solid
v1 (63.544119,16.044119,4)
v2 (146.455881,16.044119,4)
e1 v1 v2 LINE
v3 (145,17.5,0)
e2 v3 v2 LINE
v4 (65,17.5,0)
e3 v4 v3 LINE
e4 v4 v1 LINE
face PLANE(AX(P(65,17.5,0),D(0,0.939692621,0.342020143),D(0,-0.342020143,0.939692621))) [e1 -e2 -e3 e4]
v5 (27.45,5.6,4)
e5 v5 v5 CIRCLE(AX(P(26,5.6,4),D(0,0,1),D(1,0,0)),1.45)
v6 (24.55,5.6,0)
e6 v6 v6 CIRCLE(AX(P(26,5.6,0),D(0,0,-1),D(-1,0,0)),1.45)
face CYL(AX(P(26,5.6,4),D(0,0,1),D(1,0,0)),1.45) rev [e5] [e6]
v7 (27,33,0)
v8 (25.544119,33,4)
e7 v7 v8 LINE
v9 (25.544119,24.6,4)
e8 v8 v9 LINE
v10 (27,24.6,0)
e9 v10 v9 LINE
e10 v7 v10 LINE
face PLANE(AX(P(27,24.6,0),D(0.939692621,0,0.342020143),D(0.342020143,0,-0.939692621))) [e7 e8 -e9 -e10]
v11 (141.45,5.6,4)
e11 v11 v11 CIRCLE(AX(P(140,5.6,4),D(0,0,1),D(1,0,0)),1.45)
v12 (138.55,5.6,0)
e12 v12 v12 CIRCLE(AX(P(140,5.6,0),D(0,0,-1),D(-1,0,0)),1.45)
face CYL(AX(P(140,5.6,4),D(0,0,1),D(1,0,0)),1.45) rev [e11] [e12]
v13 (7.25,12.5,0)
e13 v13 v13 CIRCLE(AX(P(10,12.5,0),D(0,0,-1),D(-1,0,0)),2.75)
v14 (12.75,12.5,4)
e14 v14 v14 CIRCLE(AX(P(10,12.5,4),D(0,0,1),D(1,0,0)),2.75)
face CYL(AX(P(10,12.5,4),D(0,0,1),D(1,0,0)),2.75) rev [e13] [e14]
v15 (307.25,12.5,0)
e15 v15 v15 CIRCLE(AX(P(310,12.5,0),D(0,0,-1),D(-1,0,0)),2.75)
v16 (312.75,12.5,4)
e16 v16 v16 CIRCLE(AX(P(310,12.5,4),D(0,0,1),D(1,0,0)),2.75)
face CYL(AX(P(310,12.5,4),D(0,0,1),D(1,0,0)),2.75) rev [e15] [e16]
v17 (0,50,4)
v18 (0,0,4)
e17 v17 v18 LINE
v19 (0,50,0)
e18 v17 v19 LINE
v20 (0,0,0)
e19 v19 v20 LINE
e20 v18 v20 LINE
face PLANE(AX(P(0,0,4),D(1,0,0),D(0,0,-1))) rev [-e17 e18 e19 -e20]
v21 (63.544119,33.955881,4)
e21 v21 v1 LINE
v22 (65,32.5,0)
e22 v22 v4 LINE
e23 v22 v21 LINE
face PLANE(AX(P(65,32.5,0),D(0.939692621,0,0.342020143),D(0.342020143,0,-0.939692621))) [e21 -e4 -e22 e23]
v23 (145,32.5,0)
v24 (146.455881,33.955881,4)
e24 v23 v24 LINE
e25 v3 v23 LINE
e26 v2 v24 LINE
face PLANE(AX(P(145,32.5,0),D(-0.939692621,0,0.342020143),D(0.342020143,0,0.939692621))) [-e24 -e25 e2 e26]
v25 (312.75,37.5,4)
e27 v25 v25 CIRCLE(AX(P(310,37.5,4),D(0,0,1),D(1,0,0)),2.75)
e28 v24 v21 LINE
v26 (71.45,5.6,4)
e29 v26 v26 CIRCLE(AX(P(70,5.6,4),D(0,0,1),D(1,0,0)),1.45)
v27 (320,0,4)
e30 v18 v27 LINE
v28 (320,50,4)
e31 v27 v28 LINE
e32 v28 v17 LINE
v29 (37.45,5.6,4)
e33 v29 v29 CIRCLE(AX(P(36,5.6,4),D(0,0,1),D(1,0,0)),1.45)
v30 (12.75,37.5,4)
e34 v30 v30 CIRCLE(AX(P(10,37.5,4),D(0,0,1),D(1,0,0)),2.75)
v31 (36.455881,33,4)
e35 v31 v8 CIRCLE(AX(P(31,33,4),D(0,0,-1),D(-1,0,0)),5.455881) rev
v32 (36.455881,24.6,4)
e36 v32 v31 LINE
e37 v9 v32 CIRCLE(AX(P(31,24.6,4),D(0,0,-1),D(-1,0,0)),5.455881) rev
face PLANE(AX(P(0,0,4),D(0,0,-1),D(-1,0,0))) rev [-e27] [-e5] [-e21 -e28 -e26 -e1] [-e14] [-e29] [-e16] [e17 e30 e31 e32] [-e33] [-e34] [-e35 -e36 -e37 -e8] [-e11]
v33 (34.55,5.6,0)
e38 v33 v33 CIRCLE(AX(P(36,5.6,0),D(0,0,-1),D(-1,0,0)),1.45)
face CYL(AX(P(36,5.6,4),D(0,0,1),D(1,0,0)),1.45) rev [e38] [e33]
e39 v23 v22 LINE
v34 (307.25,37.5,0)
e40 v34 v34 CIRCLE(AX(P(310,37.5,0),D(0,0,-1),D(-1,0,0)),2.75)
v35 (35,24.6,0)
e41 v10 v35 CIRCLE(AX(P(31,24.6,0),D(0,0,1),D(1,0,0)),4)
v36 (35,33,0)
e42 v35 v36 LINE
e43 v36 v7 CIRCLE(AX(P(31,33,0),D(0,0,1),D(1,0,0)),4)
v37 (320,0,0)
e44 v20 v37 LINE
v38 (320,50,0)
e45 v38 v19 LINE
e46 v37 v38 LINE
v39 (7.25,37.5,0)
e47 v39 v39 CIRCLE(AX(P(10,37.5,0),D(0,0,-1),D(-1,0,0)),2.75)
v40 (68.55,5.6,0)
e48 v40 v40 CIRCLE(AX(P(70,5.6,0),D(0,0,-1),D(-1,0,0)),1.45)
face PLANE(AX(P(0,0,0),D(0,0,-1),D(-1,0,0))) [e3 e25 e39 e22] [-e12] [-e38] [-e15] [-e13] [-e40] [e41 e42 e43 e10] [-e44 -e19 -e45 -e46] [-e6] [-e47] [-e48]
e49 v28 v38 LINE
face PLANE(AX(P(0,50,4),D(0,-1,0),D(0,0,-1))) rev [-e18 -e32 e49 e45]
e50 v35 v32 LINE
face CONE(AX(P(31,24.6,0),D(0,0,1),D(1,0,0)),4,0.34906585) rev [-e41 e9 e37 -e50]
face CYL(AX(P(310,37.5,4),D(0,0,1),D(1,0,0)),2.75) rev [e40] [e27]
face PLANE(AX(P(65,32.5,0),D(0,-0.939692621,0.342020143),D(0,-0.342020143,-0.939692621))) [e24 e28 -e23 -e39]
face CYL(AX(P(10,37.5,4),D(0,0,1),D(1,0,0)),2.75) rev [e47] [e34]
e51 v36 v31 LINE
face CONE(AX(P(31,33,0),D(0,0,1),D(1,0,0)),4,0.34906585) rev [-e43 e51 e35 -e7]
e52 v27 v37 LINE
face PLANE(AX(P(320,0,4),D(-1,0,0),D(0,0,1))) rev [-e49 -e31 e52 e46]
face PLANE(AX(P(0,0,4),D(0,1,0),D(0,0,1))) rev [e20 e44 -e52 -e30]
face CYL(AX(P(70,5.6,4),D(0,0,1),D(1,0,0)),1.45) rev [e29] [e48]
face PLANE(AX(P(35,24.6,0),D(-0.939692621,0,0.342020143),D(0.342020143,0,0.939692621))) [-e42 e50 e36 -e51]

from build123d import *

# Parameters (mm, degrees)
SKETCH1_W                     = 320
SKETCH1_H                     = 50
BOSS_EXTRUDE1_DEPTH           = 4
M5_CLEARANCE_HOLE1_AT_2_COUNT = 2
M5_CLEARANCE_HOLE1_AT_2_PITCH = 300
LPATTERN1_COUNT               = 2
LPATTERN1_PITCH               = 25
SKETCH5_W                     = 80
SKETCH5_H                     = 15
CUT_EXTRUDE1_DEPTH            = 324.907394173
CUT_EXTRUDE3_DEPTH            = 324.907394173
M2_5_CLEARANCE_HOLE1_D        = 2.9
M2_5_CLEARANCE_HOLE1_DEPTH    = 14
M2_5_CLEARANCE_HOLE1_TIP      = 0.871247898
DRAFT1_ANGLE                  = -20


with BuildPart() as part:
    # Sketch1 → Boss-Extrude1 (new body)
    with BuildSketch(Plane.XY):
        with Locations((160, 25)):
            Rectangle(SKETCH1_W, SKETCH1_H)
    extrude(amount=BOSS_EXTRUDE1_DEPTH)

    # Sketch4 → M5 Clearance Hole1 (revolve, cut)
    with BuildSketch(Plane(origin=(310, 37.5, 4), x_dir=(0, -1, 0), z_dir=(1, 0, 0))):
        Polygon((0, 0), (0, 15.652366702), (2.75, 14), (2.75, 0), align=None)
    m5_clearance_hole1 = revolve(axis=Axis((310, 37.5, 10.35), (0, 0, -1)), mode=Mode.SUBTRACT)

    # M5 Clearance Hole1 at 2: M5 Clearance Hole1 ×2
    with Locations(*[(-i * M5_CLEARANCE_HOLE1_AT_2_PITCH, 0, 0) for i in range(1, M5_CLEARANCE_HOLE1_AT_2_COUNT)]):
        add(m5_clearance_hole1, mode=Mode.SUBTRACT)

    # LPattern1: M5 Clearance Hole1 ×2
    with Locations(*[(0, -i * LPATTERN1_PITCH, 0) for i in range(1, LPATTERN1_COUNT)]):
        add(m5_clearance_hole1, mode=Mode.SUBTRACT)

    # LPattern1 copy 1 sketch → LPattern1 copy 1 (revolve, cut)
    with BuildSketch(Plane(origin=(10, 12.5, 4), x_dir=(0, -1, 0), z_dir=(1, 0, 0))):
        Polygon((0, 0), (0, 15.652366702), (2.75, 14), (2.75, 0), align=None)
    revolve(axis=Axis((10, 12.5, 10.35), (0, 0, -1)), mode=Mode.SUBTRACT)

    # Sketch5 → Cut-Extrude1 (cut, through all)
    with BuildSketch(Plane.XY.offset(4)):
        with Locations((105, 25)):
            Rectangle(SKETCH5_W, SKETCH5_H)
    extrude(amount=-CUT_EXTRUDE1_DEPTH, mode=Mode.SUBTRACT)

    # Sketch6 → Cut-Extrude3 (cut, through all)
    with BuildSketch(Plane.XY.offset(4)):
        with BuildLine():
            Line((27, 24.6), (27, 33))
            ThreePointArc((27, 33), (31, 37), (35, 33))
            Line((35, 33), (35, 24.6))
            ThreePointArc((35, 24.6), (31, 20.6), (27, 24.6))
        make_face()
    extrude(amount=-CUT_EXTRUDE3_DEPTH, mode=Mode.SUBTRACT)

    # M2.5 Clearance Hole1
    with Locations(Plane.XY.offset(4)):
        with Locations((140, 5.6), (26, 5.6), (36, 5.6), (70, 5.6)):
            Hole(M2_5_CLEARANCE_HOLE1_D / 2, depth=M2_5_CLEARANCE_HOLE1_DEPTH)
            with Locations((0, 0, -(M2_5_CLEARANCE_HOLE1_DEPTH + M2_5_CLEARANCE_HOLE1_TIP / 2))):  # 118° drill point
                Cone(0, M2_5_CLEARANCE_HOLE1_D / 2, M2_5_CLEARANCE_HOLE1_TIP, mode=Mode.SUBTRACT)

    # Draft1
    draft1_faces = [part.faces().sort_by_distance(p)[0] for p in [
        (145, 25, 2),
        (105, 32.5, 2),
        (65, 25, 2),
        (105, 17.5, 2),
        (35, 28.8, 2),
        (31, 37, 2),
        (27, 28.8, 2),
        (31, 20.6, 2),
    ]]
    draft(draft1_faces, Plane(origin=(0, 0, 0), x_dir=(-1, 0, 0), z_dir=(0, 0, -1)), DRAFT1_ANGLE)


solid = part.part
